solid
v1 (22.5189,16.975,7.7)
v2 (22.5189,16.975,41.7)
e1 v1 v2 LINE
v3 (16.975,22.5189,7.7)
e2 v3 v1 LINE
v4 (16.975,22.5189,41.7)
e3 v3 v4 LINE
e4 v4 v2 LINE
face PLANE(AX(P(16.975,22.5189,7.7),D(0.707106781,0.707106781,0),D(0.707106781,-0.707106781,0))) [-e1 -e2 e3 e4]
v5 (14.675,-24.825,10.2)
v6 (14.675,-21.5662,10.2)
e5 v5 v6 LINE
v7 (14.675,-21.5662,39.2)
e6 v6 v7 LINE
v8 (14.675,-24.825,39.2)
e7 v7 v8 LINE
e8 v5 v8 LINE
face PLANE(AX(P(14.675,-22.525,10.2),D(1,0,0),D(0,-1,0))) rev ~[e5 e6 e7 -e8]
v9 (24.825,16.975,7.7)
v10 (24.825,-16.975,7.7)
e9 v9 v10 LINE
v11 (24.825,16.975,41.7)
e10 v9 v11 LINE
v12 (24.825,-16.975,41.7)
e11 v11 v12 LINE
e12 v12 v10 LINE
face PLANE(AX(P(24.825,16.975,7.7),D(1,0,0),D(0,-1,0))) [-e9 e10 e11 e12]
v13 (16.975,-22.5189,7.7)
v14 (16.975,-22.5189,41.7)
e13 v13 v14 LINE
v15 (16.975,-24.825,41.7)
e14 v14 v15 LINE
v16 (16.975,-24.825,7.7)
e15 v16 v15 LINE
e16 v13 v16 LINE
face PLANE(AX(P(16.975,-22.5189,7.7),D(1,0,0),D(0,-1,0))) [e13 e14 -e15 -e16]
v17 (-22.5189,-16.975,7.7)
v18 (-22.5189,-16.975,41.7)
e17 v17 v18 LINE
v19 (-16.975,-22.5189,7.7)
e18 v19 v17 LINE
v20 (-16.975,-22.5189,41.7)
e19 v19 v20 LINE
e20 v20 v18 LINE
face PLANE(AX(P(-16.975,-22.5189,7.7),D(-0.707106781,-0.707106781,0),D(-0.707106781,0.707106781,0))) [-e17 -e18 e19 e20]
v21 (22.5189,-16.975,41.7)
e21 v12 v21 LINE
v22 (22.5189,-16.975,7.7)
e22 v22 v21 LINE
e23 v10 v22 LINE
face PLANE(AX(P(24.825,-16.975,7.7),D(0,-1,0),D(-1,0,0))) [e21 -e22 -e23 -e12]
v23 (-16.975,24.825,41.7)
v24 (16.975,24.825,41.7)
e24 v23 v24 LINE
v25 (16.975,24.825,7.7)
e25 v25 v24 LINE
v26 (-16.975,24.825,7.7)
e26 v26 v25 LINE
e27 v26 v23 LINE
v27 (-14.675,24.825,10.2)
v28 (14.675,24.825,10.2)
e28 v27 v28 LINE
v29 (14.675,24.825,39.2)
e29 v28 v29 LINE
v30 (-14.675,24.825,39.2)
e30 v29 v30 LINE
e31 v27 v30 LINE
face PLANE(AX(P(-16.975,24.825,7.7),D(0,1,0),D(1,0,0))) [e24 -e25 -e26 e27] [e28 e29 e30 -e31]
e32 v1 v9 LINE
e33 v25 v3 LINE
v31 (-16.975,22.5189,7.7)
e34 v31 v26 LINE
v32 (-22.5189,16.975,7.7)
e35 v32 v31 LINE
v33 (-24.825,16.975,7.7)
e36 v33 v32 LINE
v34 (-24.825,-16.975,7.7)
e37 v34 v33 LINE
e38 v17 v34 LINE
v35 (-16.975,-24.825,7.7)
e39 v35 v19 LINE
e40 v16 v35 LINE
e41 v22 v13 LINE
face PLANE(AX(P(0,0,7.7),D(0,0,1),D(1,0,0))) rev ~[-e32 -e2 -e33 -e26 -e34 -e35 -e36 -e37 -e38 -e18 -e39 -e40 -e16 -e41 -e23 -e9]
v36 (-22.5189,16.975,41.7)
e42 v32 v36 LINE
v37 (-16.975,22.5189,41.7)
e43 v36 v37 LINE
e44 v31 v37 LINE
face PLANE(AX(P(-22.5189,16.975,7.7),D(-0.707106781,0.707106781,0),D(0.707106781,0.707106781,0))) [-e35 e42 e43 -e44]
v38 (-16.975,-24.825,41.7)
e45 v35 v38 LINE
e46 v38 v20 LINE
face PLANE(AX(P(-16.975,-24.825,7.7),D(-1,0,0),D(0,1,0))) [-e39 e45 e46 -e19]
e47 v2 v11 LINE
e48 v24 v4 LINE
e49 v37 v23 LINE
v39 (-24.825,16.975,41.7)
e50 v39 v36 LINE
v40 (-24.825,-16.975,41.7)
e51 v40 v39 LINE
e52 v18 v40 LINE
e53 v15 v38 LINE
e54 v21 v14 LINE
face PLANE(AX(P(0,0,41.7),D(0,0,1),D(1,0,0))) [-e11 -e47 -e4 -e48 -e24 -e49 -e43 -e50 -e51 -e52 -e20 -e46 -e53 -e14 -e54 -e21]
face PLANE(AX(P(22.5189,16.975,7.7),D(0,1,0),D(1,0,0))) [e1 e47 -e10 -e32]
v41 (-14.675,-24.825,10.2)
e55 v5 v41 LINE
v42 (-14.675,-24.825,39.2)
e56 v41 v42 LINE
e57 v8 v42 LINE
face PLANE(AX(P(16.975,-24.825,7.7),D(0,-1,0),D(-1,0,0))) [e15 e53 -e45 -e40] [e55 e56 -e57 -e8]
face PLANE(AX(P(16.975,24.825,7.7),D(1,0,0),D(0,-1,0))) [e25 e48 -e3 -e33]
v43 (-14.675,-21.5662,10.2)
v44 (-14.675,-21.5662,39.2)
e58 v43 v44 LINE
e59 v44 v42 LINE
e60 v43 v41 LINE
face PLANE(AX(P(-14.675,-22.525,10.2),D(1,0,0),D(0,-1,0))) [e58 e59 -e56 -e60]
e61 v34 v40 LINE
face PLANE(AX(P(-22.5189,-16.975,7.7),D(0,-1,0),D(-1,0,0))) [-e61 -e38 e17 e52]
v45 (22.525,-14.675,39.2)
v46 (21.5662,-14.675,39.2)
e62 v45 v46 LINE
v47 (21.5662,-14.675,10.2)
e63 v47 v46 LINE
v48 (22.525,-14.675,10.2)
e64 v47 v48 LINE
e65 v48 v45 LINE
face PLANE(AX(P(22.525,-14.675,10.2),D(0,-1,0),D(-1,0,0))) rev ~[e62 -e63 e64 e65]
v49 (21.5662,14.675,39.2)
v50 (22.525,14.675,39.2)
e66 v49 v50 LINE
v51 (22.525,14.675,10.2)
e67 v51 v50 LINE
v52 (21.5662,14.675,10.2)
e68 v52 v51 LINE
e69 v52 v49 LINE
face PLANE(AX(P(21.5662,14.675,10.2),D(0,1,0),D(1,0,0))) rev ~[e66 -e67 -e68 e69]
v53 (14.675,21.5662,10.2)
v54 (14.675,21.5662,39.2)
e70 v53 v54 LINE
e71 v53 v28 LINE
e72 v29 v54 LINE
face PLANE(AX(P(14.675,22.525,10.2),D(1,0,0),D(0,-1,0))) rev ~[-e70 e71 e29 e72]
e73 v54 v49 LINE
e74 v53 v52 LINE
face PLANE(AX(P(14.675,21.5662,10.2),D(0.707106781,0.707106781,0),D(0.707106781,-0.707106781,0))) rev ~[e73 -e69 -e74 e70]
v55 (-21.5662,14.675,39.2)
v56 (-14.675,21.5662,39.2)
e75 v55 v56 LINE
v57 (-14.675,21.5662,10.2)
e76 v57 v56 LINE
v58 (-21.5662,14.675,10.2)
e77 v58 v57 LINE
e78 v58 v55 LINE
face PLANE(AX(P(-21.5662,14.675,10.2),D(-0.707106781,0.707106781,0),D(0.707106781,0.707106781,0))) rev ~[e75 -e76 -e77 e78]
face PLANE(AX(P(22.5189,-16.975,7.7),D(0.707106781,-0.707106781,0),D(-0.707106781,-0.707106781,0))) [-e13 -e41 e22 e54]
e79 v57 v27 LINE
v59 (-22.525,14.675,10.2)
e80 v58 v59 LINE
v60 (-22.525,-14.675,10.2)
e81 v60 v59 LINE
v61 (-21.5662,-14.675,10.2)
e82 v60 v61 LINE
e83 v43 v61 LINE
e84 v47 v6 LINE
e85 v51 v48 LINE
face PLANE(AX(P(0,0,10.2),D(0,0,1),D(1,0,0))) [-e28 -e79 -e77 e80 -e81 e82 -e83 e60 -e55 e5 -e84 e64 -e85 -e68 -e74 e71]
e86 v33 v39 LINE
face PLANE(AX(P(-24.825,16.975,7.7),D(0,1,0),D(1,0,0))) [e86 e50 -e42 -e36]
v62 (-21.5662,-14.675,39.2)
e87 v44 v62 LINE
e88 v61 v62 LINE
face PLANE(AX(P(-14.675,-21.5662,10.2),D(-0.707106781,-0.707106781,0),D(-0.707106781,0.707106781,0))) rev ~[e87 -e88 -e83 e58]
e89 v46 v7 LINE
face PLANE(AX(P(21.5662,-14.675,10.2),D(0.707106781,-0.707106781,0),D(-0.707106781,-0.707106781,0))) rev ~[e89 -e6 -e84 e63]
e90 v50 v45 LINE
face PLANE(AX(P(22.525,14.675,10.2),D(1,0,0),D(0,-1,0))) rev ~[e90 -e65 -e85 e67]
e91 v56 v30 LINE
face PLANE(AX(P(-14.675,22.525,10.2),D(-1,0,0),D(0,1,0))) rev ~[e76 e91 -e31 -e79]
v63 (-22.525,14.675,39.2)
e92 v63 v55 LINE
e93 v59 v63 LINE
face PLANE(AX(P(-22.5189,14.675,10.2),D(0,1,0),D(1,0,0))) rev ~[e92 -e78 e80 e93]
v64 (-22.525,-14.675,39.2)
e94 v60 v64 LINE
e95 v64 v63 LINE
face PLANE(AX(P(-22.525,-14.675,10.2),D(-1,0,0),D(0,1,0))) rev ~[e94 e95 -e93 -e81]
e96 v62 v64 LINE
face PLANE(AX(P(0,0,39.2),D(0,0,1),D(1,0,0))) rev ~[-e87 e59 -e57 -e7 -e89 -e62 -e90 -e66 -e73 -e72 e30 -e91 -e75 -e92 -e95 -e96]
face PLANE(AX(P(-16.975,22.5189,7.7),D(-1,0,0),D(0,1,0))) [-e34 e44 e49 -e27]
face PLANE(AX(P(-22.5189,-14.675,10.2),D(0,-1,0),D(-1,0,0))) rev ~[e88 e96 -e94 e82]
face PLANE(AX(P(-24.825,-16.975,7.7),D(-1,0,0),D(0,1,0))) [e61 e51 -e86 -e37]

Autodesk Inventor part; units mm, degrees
ref_plane "YZ Plane" through (0, 0, 0) normal (1, 0, 0) x (0, 1, 0)
ref_plane "XZ Plane" through (0, 0, 0) normal (0, 1, 0) x (-1, 0, 0)
sketch "Sketch1" plane through (0, 0, 0) normal (0, 0, 1) x (1, 0, 0)
  circle A0 centre (-10, 20.9) radius 1.875 projected
  circle A1 centre (-10, -20.9) radius 1.875 projected
  circle A2 centre (10, 20.9) radius 1.875 projected
  circle A3 centre (10, -20.9) radius 1.875 projected
  circle A4 centre (20.8, -14.4) radius 2.075 projected
  circle A5 centre (20.8, 14.4) radius 2.075 projected
  circle A6 centre (-20.8, 14.4) radius 2.075 projected
  circle A7 centre (-20.8, -14.4) radius 2.075 projected
  line L0 (16.9, -16.9) -> (-16.9, -16.9) projected
  line L1 (-16.9, -16.9) -> (-16.9, 16.9) projected
  line L2 (-16.9, 16.9) -> (16.9, 16.9) projected
  line L3 (16.9, 16.9) -> (16.9, -16.9) projected
  line L4 (-17.05, 24.9) -> (-17.05, 22.55) projected
  line L5 (-17.05, 22.55) -> (-22.55, 17.05) projected
  line L6 (-22.55, 17.05) -> (-24.9, 17.05) projected
  line L7 (-24.9, 17.05) -> (-24.9, -17.05) projected
  line L8 (-24.9, -17.05) -> (-22.55, -17.05) projected
  line L9 (-22.55, -17.05) -> (-17.05, -22.55) projected
  line L10 (-17.05, -22.55) -> (-17.05, -24.9) projected
  line L11 (-17.05, -24.9) -> (17.05, -24.9) projected
  line L12 (17.05, -24.9) -> (17.05, -22.55) projected
  line L13 (17.05, -22.55) -> (22.55, -17.05) projected
  line L14 (22.55, -17.05) -> (24.9, -17.05) projected
  line L15 (24.9, -17.05) -> (24.9, 17.05) projected
  line L16 (24.9, 17.05) -> (22.55, 17.05) projected
  line L17 (22.55, 17.05) -> (17.05, 22.55) projected
  line L18 (17.05, 22.55) -> (17.05, 24.9) projected
  line L19 (17.05, 24.9) -> (-17.05, 24.9) projected
  line L20 (24.825, 16.975) -> (24.825, -16.975)
  line L21 (24.825, -16.975) -> (22.5189, -16.975)
  line L22 (22.5189, -16.975) -> (16.975, -22.5189)
  line L23 (16.975, -22.5189) -> (16.975, -24.825)
  line L24 (16.975, -24.825) -> (-16.975, -24.825)
  line L25 (-16.975, -24.825) -> (-16.975, -22.5189)
  line L26 (-16.975, -22.5189) -> (-22.5189, -16.975)
  line L27 (-22.5189, -16.975) -> (-24.825, -16.975)
  line L28 (-24.825, -16.975) -> (-24.825, 16.975)
  line L29 (-24.825, 16.975) -> (-22.5189, 16.975)
  line L30 (-22.5189, 16.975) -> (-16.975, 22.5189)
  line L31 (-16.975, 22.5189) -> (-16.975, 24.825)
  line L32 (-16.975, 24.825) -> (16.975, 24.825)
  line L33 (16.975, 24.825) -> (16.975, 22.5189)
  line L34 (16.975, 22.5189) -> (22.5189, 16.975)
  line L35 (22.5189, 16.975) -> (24.825, 16.975)
  point P0 (0, 0)
  dimension "d0" = 0.075
ref_plane "Work Plane1" through (-24.9, -24.9, 7.7) normal (0, 0, 1) x (1, 0, 0)
extrude "Extrusion1" add sketch "Sketch1" along normal blind 2.5 from surface at 7.7 contours A0 | A1 | A2 | A3 | A4 | A5 | A6 | A7 | L0 L1 L2 L3 | L20 L21 L22 L23 L24 L25 L26 L27 L28 L29 L30 L31 L32 L33 L34 L35
sketch "Sketch2" plane through (0, 0, 0) normal (0, 0, 1) x (1, 0, 0)
  line L0 (22.5189, 16.975) -> (24.825, 16.975) projected
  line L1 (16.975, 22.5189) -> (22.5189, 16.975) projected
  line L2 (16.975, 24.825) -> (16.975, 22.5189) projected
  line L3 (-16.975, 24.825) -> (16.975, 24.825) projected
  line L4 (-16.975, 22.5189) -> (-16.975, 24.825) projected
  line L5 (-22.5189, 16.975) -> (-16.975, 22.5189) projected
  line L6 (-24.825, 16.975) -> (-22.5189, 16.975) projected
  line L7 (-24.825, -16.975) -> (-24.825, 16.975) projected
  line L8 (-22.5189, -16.975) -> (-24.825, -16.975) projected
  line L9 (-16.975, -22.5189) -> (-22.5189, -16.975) projected
  line L10 (-16.975, -24.825) -> (-16.975, -22.5189) projected
  line L11 (16.975, -24.825) -> (-16.975, -24.825) projected
  line L12 (16.975, -22.5189) -> (16.975, -24.825) projected
  line L13 (22.5189, -16.975) -> (16.975, -22.5189) projected
  line L14 (24.825, -16.975) -> (22.5189, -16.975) projected
  line L15 (24.825, 16.975) -> (24.825, -16.975) projected
  line L16 (24.825, -16.975) -> (22.5189, -16.975)
  line L17 (22.5189, -16.975) -> (22.5189, 16.975)
  line L18 (22.5189, 16.975) -> (24.825, 16.975)
  line L19 (24.825, 16.975) -> (24.825, -16.975)
  line L20 (-22.5189, 16.975) -> (-24.825, 16.975)
  line L21 (-24.825, 16.975) -> (-24.825, -16.975)
  line L22 (-24.825, -16.975) -> (-22.5189, -16.975)
  line L23 (-22.5189, -16.975) -> (-22.5189, 16.975)
  line L24 (22.525, -14.675) -> (21.5662, -14.675)
  line L25 (21.5662, -14.675) -> (14.675, -21.5662)
  line L26 (14.675, -21.5662) -> (14.675, -22.525)
  line L27 (14.675, -22.525) -> (-14.675, -22.525)
  line L28 (-14.675, -22.525) -> (-14.675, -21.5662)
  line L29 (-14.675, -21.5662) -> (-21.5662, -14.675)
  line L30 (-21.5662, -14.675) -> (-22.525, -14.675)
  line L31 (-22.525, -14.675) -> (-22.525, 14.675)
  line L32 (-22.525, 14.675) -> (-21.5662, 14.675)
  line L33 (-21.5662, 14.675) -> (-14.675, 21.5662)
  line L34 (-14.675, 21.5662) -> (-14.675, 22.525)
  line L35 (-14.675, 22.525) -> (14.675, 22.525)
  line L36 (14.675, 22.525) -> (14.675, 21.5662)
  line L37 (14.675, 21.5662) -> (21.5662, 14.675)
  line L38 (21.5662, 14.675) -> (22.525, 14.675)
  line L39 (22.525, 14.675) -> (22.525, -14.675)
  line L40 (14.675, 22.525) -> (14.675, 24.825)
  line L41 (-14.675, 22.525) -> (-14.675, 24.825)
  line L42 (-14.675, -22.525) -> (-14.675, -24.825)
  line L43 (14.675, -22.525) -> (14.675, -24.825)
  point P0 (0, 0)
  dimension "d3" = 2.3
extrude "Extrusion2" add sketch "Sketch2" along normal blind 31.5 from surface at 10.2 contours L17 L38 L37 L36 L40 L3 L2 L1 | L0 L15 L14 L17 L24 L39 L38 | L17 L13 L12 L11 L43 L26 L25 L24 | L41 L34 L33 L32 L23 L5 L4 L3 | L42 L11 L10 L9 L23 L30 L29 L28 | L23 L32 L31 L30 L8 L7 L6
extrude "Extrusion3" add sketch "Sketch2" against normal blind 2.5 from surface at 41.7
properties part number "Tunnel Horizontal"
